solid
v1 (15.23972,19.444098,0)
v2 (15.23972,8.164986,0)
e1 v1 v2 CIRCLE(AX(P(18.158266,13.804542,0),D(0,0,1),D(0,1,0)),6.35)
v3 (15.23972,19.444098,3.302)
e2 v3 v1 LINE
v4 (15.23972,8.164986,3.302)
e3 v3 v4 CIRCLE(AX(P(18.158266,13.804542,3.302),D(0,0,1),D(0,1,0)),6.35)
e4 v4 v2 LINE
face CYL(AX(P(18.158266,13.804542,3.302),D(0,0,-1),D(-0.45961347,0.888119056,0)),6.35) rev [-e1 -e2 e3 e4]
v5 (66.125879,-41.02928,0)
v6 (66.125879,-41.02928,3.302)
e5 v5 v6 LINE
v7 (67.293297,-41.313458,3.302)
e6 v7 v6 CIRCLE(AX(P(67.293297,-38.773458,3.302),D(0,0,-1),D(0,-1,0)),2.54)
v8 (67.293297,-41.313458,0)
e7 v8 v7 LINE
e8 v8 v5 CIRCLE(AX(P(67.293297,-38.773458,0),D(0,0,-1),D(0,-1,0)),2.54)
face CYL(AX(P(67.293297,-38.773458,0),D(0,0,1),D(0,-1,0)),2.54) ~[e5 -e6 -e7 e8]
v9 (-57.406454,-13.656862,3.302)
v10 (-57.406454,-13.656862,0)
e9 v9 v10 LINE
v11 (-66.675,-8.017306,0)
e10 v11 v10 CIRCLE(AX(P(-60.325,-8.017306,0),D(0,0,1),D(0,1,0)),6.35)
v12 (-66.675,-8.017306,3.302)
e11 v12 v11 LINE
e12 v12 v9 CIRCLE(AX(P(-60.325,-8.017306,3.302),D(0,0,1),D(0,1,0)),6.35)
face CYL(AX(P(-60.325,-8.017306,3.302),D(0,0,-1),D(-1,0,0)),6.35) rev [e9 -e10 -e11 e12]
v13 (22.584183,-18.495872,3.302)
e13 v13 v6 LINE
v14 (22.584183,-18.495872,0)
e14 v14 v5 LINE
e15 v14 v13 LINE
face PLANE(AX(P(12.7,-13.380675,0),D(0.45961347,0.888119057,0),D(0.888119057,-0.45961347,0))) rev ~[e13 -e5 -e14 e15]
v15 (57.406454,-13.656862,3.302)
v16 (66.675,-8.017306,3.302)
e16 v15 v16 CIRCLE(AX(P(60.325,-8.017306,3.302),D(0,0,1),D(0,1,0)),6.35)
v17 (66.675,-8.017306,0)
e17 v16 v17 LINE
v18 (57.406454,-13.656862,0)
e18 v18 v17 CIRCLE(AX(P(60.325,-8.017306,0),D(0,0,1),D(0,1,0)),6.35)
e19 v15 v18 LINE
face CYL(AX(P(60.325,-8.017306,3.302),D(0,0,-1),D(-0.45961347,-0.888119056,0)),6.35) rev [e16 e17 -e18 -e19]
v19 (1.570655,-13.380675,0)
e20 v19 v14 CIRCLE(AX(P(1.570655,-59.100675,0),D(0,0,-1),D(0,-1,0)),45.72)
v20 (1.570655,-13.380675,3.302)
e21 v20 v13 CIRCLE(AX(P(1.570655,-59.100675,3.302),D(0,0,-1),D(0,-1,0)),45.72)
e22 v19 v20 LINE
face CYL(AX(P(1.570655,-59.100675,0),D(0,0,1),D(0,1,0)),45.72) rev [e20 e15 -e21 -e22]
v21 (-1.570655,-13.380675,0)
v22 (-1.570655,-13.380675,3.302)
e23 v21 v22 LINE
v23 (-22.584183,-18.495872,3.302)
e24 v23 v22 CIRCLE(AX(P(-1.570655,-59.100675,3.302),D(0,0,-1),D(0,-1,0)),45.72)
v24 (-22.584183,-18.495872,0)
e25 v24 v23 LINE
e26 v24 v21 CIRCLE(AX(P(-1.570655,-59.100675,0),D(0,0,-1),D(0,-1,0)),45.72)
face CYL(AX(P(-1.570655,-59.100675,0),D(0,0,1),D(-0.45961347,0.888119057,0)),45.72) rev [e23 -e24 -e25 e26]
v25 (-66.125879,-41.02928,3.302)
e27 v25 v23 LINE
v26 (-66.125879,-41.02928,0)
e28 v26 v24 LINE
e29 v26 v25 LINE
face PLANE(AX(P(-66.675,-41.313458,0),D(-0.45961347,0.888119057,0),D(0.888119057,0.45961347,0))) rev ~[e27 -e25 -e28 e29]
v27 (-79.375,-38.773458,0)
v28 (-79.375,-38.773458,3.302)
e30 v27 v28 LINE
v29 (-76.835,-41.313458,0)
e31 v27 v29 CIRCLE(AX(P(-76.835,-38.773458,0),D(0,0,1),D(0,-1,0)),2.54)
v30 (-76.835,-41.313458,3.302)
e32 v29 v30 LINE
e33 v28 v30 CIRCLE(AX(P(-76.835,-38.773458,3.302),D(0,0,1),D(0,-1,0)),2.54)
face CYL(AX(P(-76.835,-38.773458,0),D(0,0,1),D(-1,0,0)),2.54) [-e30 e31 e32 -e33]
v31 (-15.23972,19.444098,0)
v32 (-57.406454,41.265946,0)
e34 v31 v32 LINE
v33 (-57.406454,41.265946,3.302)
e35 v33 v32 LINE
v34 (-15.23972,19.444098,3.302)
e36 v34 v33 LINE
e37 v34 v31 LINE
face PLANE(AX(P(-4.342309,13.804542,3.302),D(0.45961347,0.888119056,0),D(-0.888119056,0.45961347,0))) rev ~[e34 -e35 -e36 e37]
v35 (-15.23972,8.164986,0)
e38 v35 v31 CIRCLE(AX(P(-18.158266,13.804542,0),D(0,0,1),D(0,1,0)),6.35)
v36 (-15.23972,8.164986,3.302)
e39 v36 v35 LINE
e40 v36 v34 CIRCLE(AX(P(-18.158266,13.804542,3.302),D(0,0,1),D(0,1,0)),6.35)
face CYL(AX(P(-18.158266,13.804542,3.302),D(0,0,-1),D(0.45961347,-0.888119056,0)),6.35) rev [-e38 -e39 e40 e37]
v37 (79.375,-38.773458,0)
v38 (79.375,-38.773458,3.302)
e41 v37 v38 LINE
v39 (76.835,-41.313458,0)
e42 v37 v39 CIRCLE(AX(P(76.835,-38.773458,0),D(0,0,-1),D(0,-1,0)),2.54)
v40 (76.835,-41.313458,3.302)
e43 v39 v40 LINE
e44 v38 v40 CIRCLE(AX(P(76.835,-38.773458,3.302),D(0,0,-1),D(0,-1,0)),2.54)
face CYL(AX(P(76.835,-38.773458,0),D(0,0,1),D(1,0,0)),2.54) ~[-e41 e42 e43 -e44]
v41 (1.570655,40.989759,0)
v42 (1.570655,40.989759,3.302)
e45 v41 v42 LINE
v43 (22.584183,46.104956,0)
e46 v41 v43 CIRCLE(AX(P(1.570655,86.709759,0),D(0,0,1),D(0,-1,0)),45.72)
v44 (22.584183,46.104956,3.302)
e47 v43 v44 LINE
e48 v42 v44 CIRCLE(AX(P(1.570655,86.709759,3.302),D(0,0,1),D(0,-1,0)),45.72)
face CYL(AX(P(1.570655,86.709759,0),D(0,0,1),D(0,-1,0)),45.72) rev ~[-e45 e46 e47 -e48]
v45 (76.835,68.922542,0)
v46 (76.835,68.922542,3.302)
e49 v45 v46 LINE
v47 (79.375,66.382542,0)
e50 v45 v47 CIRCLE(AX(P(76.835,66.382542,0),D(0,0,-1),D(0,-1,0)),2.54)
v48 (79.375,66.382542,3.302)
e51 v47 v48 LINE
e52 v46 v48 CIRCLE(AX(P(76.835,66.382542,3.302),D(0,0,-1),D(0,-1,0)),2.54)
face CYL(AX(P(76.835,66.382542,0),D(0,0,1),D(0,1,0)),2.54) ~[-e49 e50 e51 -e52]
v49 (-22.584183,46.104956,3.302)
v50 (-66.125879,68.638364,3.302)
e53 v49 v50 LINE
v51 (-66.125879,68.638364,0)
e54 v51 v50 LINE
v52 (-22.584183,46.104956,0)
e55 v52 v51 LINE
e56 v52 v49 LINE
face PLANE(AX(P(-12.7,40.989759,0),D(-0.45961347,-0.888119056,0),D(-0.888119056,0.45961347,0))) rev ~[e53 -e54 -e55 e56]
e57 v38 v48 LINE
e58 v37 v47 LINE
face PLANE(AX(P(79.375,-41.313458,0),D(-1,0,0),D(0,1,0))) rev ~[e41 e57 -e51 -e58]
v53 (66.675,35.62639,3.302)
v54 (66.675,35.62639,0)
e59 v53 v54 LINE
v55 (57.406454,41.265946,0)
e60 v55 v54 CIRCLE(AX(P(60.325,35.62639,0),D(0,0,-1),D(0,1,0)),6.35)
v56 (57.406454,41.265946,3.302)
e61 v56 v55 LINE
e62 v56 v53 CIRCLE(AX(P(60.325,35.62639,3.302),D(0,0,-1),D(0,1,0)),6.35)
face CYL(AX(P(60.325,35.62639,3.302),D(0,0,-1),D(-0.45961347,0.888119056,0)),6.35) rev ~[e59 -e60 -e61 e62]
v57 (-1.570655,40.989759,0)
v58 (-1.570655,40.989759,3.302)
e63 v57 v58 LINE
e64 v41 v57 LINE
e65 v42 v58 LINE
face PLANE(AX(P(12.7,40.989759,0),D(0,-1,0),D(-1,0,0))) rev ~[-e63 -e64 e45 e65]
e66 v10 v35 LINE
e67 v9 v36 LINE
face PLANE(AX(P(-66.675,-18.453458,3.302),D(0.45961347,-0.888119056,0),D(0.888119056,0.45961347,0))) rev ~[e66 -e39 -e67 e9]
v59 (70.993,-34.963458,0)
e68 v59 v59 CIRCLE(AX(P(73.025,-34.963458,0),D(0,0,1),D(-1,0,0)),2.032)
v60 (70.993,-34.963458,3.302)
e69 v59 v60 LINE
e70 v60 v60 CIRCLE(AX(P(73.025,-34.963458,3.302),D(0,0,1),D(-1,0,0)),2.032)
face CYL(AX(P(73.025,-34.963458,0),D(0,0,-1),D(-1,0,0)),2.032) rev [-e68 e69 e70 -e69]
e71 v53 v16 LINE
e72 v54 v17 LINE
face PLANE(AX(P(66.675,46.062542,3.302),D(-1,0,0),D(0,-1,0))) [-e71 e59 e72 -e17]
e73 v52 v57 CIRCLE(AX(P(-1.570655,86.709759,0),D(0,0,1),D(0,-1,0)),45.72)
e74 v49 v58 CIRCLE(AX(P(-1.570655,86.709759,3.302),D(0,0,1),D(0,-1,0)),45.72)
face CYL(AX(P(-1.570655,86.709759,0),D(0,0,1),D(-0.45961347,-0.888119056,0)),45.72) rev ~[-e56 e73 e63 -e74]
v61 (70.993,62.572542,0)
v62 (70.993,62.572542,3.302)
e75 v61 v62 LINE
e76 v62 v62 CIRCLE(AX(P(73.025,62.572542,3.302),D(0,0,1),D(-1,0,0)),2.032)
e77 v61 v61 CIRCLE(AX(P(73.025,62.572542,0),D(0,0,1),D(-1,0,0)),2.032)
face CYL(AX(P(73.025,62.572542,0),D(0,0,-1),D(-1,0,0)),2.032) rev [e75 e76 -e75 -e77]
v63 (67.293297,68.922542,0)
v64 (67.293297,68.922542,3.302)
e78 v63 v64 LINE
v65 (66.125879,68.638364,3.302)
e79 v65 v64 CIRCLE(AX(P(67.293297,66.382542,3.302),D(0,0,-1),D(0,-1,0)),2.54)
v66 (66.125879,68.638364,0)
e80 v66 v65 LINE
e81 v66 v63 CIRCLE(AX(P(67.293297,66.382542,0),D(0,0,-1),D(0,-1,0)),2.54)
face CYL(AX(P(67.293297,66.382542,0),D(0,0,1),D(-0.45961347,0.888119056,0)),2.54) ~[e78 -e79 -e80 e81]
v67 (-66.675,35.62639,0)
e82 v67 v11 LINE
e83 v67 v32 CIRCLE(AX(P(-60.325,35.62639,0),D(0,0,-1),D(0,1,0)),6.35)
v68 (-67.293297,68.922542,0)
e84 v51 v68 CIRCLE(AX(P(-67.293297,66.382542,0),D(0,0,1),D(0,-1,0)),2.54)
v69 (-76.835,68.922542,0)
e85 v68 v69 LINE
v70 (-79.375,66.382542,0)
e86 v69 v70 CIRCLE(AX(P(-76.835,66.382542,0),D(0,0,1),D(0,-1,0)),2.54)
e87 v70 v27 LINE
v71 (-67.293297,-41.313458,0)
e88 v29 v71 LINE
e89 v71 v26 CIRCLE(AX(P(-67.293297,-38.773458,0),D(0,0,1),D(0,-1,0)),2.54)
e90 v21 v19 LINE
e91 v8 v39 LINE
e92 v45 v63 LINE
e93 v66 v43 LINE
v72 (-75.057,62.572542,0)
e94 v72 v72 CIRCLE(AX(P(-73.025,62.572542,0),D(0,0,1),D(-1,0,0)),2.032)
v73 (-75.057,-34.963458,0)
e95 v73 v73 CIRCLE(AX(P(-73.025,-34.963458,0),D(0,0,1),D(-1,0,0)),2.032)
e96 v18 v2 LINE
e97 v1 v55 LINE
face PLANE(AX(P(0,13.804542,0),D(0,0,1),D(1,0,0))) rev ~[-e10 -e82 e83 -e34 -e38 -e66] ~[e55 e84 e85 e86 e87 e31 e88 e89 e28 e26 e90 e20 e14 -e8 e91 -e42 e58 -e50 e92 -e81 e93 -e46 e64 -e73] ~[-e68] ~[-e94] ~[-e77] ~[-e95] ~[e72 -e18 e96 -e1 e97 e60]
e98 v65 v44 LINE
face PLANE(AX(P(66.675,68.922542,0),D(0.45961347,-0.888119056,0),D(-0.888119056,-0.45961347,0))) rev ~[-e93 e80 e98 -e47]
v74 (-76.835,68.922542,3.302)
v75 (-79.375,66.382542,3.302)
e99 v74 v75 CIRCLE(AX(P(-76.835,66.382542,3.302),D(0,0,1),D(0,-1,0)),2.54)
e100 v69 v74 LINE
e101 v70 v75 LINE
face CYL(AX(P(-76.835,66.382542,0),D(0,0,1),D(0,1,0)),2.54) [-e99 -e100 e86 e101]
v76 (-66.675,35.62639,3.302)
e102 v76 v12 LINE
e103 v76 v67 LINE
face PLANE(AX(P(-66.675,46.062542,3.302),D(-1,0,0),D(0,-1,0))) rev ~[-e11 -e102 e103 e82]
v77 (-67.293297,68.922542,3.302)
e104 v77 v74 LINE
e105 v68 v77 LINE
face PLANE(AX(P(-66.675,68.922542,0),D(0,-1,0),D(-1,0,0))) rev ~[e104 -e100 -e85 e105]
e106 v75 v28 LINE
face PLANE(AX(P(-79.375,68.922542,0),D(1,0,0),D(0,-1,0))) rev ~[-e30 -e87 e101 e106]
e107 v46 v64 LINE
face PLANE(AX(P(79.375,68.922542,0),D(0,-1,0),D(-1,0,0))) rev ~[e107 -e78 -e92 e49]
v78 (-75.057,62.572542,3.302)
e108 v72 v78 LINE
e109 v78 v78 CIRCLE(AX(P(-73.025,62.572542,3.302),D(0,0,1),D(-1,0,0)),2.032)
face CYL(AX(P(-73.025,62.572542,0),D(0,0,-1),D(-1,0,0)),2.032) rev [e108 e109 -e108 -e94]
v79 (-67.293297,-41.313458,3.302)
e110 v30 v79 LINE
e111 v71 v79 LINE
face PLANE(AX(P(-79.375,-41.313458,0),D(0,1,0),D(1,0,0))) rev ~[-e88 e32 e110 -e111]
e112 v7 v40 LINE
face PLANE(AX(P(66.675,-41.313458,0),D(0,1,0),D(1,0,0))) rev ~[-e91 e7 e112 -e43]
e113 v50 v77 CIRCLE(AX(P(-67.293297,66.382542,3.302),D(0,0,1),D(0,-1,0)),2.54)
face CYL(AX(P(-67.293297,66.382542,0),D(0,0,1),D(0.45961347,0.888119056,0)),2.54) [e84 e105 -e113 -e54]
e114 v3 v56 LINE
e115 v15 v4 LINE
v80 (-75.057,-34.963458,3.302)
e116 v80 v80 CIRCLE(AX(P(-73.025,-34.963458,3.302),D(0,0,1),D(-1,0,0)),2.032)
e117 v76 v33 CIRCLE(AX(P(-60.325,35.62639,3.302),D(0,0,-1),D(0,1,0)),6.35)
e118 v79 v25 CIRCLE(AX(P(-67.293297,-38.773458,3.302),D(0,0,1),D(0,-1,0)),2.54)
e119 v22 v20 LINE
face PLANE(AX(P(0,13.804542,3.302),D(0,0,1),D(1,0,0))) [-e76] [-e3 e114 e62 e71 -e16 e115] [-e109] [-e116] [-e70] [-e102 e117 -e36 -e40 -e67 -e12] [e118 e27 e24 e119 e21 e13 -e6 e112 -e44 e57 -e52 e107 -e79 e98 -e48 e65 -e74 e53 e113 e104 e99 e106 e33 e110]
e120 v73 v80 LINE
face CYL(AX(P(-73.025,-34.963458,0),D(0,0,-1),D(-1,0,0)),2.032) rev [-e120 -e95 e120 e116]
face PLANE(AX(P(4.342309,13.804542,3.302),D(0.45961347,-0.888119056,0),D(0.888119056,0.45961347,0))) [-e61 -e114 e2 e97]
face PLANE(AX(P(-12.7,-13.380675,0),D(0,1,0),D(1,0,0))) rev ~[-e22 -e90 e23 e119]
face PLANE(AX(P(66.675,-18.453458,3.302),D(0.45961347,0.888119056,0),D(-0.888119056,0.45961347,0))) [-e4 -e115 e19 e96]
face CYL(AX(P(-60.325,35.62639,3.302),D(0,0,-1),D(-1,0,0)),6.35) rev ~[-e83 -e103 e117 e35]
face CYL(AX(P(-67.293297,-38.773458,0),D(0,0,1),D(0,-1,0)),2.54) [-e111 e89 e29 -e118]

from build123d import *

# Parameters (mm, degrees)
SKETCH1_R           = 2.032
BOSS_EXTRUDE1_DEPTH = 3.302
FILLET1_R           = 45.72
FILLET2_R           = 2.54
CUT_EXTRUDE1_DEPTH  = 106.174191833
FILLET3_R           = 6.35


with BuildPart() as part:
    # Sketch1 → Boss-Extrude1 (new body)
    with BuildSketch(Plane.XY):
        Polygon((-79.375, 68.922542022), (-79.375, -41.313457978), (-66.675, -41.313457978), (-12.7, -13.38067482), (12.7, -13.38067482), (66.675, -41.313457978), (79.375, -41.313457978), (79.375, 68.922542022), (66.675, 68.922542022), (12.7, 40.989758863), (-12.7, 40.989758863), (-66.675, 68.922542022), align=None)
        with Locations(Location((-73.025, 62.572542022, 0), (0, 0, 180))):
            Circle(SKETCH1_R, mode=Mode.SUBTRACT)
        with Locations(Location((-73.025, -34.963457978, 0), (0, 0, 180))):
            Circle(SKETCH1_R, mode=Mode.SUBTRACT)
        with Locations(Location((73.025, -34.963457978, 0), (0, 0, 180))):
            Circle(SKETCH1_R, mode=Mode.SUBTRACT)
        with Locations(Location((73.025, 62.572542022, 0), (0, 0, 180))):
            Circle(SKETCH1_R, mode=Mode.SUBTRACT)
    extrude(amount=BOSS_EXTRUDE1_DEPTH)

    # Fillet1
    fillet1_edges = [part.edges().sort_by_distance(p)[0] for p in [
        (-12.7, 40.989758863, 1.651),
        (12.7, 40.989758863, 1.651),
        (12.7, -13.38067482, 1.651),
        (-12.7, -13.38067482, 1.651),
    ]]
    fillet(fillet1_edges, radius=FILLET1_R)

    # Fillet2
    fillet2_edges = [part.edges().sort_by_distance(p)[0] for p in [
        (-66.675, 68.922542022, 1.651),
        (66.675, 68.922542022, 1.651),
        (79.375, 68.922542022, 1.651),
        (79.375, -41.313457978, 1.651),
        (66.675, -41.313457978, 1.651),
        (-66.675, -41.313457978, 1.651),
        (-79.375, -41.313457978, 1.651),
        (-79.375, 68.922542022, 1.651),
    ]]
    fillet(fillet2_edges, radius=FILLET2_R)

    # Sketch2 → Cut-Extrude1 (cut, through all)
    with BuildSketch(Plane.XY.offset(3.302)):
        Polygon((-66.675, 46.062542022), (-66.675, -18.453457978), (-4.342308693, 13.804542022), align=None)
        Polygon((66.675, 46.062542022), (66.675, -18.453457978), (4.342308693, 13.804542022), align=None)
    extrude(amount=-CUT_EXTRUDE1_DEPTH, mode=Mode.SUBTRACT)

    # Fillet3
    fillet3_edges = [part.edges().sort_by_distance(p)[0] for p in [
        (-4.342308693, 13.804542022, 1.651),
        (-66.675, -18.453457978, 1.651),
        (-66.675, 46.062542022, 1.651),
        (4.342308693, 13.804542022, 1.651),
        (66.675, 46.062542022, 1.651),
        (66.675, -18.453457978, 1.651),
    ]]
    fillet(fillet3_edges, radius=FILLET3_R)


solid = part.part
